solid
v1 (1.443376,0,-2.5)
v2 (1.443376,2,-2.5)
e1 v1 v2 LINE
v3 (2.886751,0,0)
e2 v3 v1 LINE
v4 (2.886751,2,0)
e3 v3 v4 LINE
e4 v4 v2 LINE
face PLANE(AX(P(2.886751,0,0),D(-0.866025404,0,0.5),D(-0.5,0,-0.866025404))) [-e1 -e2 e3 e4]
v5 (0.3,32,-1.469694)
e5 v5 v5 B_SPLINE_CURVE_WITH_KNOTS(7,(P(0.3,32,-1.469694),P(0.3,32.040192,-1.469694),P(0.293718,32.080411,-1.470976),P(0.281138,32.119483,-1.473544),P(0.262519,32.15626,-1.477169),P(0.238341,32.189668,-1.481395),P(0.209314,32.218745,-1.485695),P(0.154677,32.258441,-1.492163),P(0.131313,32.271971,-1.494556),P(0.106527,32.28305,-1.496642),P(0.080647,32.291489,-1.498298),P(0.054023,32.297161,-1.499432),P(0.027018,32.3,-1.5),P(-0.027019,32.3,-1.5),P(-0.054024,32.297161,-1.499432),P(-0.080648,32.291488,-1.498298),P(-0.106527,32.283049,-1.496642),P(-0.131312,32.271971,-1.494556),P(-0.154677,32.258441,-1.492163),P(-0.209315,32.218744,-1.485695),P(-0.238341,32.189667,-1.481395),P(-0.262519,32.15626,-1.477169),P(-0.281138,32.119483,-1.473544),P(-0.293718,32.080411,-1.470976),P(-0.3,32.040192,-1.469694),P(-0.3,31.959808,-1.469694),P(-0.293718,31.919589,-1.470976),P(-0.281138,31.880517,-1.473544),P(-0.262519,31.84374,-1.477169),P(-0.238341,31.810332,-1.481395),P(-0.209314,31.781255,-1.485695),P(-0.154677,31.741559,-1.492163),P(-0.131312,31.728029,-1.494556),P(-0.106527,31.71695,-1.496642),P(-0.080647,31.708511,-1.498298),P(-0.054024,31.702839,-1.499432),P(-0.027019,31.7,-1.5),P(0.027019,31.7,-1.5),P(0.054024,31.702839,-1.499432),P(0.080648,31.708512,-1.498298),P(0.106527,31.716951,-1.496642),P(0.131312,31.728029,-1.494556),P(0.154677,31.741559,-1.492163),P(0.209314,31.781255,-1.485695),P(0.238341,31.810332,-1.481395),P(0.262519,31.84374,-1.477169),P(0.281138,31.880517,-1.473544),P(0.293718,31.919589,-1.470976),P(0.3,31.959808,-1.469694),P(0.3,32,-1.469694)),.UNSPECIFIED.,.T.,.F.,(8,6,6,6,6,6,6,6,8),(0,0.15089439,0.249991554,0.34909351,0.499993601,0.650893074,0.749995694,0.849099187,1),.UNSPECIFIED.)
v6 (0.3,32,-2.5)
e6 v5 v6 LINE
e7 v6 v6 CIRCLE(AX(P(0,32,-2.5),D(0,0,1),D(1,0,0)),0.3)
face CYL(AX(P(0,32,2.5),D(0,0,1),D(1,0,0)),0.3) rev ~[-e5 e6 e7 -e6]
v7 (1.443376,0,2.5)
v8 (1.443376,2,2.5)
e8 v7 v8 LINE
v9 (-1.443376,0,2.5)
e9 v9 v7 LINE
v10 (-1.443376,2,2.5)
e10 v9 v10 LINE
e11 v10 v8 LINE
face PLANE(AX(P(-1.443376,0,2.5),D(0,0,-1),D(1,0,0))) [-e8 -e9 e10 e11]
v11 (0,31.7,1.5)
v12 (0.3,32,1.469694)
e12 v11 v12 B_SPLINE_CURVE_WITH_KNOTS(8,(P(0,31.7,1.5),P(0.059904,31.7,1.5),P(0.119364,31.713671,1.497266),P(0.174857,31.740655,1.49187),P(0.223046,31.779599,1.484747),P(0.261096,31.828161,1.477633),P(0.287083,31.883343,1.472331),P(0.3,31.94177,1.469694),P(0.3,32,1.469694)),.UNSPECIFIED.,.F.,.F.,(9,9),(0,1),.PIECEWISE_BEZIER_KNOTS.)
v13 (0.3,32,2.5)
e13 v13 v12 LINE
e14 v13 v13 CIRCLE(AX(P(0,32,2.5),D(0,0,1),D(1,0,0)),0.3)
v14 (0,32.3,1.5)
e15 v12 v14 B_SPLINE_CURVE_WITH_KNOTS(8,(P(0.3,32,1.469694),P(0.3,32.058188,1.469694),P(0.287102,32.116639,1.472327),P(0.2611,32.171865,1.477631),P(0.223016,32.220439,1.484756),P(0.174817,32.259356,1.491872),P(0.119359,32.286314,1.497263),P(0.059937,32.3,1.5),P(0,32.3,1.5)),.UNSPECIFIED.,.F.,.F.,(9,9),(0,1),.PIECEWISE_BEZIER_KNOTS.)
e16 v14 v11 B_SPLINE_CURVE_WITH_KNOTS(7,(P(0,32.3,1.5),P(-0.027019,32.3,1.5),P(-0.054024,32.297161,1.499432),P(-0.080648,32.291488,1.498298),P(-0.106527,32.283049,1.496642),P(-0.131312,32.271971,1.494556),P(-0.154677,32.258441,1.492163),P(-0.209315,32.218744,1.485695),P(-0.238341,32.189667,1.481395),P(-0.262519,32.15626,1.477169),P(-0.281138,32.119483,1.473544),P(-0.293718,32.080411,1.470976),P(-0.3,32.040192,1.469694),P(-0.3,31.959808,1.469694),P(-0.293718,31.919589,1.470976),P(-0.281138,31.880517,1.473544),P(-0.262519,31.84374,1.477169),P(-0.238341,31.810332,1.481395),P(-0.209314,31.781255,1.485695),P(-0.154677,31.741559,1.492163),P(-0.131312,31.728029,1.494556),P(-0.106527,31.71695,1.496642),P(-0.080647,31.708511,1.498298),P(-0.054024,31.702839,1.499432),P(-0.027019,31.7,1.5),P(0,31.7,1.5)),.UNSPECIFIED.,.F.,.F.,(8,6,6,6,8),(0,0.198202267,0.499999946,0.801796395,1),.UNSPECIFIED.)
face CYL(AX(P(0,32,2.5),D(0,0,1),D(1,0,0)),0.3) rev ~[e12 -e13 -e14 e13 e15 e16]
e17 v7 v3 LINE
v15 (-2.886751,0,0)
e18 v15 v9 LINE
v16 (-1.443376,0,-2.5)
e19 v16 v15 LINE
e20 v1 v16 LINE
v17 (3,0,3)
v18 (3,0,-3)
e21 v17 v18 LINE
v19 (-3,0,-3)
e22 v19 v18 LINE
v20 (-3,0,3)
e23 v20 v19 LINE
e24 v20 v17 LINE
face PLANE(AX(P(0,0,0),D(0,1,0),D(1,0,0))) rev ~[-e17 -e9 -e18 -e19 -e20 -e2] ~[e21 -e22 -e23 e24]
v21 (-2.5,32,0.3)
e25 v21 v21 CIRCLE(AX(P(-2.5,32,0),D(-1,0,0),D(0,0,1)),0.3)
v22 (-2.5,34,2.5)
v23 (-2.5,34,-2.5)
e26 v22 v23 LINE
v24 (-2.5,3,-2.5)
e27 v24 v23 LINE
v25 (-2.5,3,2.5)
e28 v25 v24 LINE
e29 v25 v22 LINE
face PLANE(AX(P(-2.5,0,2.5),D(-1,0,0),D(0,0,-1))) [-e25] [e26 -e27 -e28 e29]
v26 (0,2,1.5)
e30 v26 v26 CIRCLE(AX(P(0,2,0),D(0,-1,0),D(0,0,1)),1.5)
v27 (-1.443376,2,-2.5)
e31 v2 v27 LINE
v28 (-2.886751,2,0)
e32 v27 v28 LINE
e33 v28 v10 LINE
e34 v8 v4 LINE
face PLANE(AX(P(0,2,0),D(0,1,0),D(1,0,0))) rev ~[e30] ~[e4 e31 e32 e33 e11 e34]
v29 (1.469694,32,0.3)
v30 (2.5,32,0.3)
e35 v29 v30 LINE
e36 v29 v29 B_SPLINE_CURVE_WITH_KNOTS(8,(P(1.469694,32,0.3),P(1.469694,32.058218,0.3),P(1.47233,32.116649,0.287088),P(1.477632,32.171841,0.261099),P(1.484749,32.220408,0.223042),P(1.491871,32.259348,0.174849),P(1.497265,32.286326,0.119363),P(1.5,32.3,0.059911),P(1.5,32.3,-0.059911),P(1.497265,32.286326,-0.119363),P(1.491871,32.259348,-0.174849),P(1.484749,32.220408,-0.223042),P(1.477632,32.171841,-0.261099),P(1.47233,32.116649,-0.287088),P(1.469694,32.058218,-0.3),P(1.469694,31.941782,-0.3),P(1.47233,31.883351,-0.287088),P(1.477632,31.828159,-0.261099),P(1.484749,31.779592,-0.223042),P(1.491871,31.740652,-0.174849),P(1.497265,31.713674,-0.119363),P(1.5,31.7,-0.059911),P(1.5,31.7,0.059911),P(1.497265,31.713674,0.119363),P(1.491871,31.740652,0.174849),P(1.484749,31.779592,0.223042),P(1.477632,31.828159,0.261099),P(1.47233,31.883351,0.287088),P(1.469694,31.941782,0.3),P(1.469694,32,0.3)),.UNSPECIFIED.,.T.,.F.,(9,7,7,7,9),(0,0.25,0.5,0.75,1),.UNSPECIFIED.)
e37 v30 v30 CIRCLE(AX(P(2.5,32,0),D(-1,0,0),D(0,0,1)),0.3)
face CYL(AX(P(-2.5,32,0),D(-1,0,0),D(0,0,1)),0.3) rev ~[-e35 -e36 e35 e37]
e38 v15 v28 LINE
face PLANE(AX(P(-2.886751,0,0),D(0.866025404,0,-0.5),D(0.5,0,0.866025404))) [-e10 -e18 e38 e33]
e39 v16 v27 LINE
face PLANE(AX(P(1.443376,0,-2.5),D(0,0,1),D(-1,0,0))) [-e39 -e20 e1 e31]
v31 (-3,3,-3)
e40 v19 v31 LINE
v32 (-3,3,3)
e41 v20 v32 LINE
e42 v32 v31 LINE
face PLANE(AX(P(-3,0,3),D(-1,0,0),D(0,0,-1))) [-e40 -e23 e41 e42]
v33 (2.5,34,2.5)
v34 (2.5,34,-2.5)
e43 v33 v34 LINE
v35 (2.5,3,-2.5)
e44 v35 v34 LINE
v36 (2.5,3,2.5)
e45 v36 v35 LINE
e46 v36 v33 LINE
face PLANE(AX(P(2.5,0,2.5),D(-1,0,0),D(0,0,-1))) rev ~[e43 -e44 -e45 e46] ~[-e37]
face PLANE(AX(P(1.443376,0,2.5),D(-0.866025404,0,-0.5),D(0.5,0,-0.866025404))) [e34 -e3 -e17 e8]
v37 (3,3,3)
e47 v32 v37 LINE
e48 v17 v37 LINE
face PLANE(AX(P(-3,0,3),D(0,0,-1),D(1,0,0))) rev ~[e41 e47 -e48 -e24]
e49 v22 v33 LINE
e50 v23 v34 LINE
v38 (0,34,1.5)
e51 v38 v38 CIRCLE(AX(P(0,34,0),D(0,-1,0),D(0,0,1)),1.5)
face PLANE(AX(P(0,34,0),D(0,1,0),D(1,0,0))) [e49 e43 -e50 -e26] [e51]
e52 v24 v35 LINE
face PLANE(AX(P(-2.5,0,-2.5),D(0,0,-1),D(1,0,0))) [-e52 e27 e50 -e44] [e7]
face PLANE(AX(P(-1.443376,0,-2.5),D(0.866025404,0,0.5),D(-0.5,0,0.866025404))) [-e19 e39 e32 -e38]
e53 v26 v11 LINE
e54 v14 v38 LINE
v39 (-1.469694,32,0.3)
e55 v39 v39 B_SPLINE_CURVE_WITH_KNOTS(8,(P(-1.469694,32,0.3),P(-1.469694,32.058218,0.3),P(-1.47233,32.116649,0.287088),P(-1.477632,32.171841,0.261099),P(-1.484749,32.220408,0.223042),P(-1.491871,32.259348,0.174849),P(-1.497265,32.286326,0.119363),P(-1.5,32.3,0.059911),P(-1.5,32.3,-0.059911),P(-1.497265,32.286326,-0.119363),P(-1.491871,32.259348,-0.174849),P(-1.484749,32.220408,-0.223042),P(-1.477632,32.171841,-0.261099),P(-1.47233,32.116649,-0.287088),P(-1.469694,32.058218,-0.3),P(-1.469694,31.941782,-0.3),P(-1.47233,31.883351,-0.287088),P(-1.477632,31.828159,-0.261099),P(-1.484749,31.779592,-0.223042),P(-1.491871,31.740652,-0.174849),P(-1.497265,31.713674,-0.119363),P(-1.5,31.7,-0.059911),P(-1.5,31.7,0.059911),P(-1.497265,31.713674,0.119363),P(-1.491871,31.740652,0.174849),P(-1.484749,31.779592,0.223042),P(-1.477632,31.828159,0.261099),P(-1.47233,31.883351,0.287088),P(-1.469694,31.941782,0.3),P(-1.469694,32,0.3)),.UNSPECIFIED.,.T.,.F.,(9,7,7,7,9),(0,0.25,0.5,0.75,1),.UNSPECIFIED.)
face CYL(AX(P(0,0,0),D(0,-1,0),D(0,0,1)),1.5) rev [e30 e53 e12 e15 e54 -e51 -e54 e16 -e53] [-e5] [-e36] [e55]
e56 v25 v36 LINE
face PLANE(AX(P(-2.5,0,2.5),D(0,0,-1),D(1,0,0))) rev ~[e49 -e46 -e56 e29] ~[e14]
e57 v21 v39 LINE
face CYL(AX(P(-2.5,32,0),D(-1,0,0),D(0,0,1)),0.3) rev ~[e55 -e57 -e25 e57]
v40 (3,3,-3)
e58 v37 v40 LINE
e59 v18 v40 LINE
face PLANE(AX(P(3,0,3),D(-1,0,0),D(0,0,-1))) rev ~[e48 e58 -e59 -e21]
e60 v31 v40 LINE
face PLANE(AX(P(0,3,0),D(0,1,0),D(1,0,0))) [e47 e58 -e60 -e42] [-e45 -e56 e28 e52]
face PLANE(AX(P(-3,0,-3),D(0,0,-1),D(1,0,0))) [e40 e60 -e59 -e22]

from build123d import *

# Parameters (mm, degrees)
SKETCH_1_W          = 5
SKETCH_1_H          = 5
EXTRUDE_1_DEPTH     = 34
SKETCH_1_5_W        = 6
SKETCH_1_5_H        = 6
EXTRUDE_2_DEPTH     = 3
SKETCH_1_3_R        = 1.5
CUT_EXTRUDE_1_DEPTH = 35.263683398
CUT_EXTRUDE_2_DEPTH = 2
SKETCH_3_R          = 0.3
CUT_EXTRUDE_3_DEPTH = 35.572387826
SKETCH_4_R          = 0.3
CUT_EXTRUDE_4_DEPTH = 35.572387924


with BuildPart() as part:
    # 草图1 → 凸台-拉伸1 (new body)
    with BuildSketch(Plane(origin=(0, 0, 0), x_dir=(1, 0, 0), z_dir=(0, 1, 0))):
        Rectangle(SKETCH_1_W, SKETCH_1_H)
    extrude(amount=EXTRUDE_1_DEPTH)

    # 草图1<5> → 凸台-拉伸2 (add)
    with BuildSketch(Plane(origin=(0, 0, 0), x_dir=(1, 0, 0), z_dir=(0, 1, 0))):
        Rectangle(SKETCH_1_5_W, SKETCH_1_5_H)
    extrude(amount=EXTRUDE_2_DEPTH)

    # 草图1<3> → 切除-拉伸1 (cut, through all)
    with BuildSketch(Plane(origin=(0, 0, 0), x_dir=(1, 0, 0), z_dir=(0, 1, 0))):
        Circle(SKETCH_1_3_R)
    extrude(amount=CUT_EXTRUDE_1_DEPTH, mode=Mode.SUBTRACT)

    # 草图1<4> → 切除-拉伸2 (cut)
    with BuildSketch(Plane(origin=(0, 0, 0), x_dir=(1, 0, 0), z_dir=(0, 1, 0))):
        Polygon((2.886751346, 0), (1.443375673, 2.5), (-1.443375673, 2.5), (-2.886751346, 0), (-1.443375673, -2.5), (1.443375673, -2.5), align=None)
    extrude(amount=CUT_EXTRUDE_2_DEPTH, mode=Mode.SUBTRACT)

    # 草图3 → 切除-拉伸3 (cut, through all)
    with BuildSketch(Plane.XY.offset(2.5)):
        with Locations((0, 32)):
            Circle(SKETCH_3_R)
    extrude(amount=-CUT_EXTRUDE_3_DEPTH, mode=Mode.SUBTRACT)

    # 草图4 → 切除-拉伸4 (cut, through all)
    with BuildSketch(Plane.ZY.offset(2.5)):
        with Locations((0, 32)):
            Circle(SKETCH_4_R)
    extrude(amount=-CUT_EXTRUDE_4_DEPTH, mode=Mode.SUBTRACT)


solid = part.part
